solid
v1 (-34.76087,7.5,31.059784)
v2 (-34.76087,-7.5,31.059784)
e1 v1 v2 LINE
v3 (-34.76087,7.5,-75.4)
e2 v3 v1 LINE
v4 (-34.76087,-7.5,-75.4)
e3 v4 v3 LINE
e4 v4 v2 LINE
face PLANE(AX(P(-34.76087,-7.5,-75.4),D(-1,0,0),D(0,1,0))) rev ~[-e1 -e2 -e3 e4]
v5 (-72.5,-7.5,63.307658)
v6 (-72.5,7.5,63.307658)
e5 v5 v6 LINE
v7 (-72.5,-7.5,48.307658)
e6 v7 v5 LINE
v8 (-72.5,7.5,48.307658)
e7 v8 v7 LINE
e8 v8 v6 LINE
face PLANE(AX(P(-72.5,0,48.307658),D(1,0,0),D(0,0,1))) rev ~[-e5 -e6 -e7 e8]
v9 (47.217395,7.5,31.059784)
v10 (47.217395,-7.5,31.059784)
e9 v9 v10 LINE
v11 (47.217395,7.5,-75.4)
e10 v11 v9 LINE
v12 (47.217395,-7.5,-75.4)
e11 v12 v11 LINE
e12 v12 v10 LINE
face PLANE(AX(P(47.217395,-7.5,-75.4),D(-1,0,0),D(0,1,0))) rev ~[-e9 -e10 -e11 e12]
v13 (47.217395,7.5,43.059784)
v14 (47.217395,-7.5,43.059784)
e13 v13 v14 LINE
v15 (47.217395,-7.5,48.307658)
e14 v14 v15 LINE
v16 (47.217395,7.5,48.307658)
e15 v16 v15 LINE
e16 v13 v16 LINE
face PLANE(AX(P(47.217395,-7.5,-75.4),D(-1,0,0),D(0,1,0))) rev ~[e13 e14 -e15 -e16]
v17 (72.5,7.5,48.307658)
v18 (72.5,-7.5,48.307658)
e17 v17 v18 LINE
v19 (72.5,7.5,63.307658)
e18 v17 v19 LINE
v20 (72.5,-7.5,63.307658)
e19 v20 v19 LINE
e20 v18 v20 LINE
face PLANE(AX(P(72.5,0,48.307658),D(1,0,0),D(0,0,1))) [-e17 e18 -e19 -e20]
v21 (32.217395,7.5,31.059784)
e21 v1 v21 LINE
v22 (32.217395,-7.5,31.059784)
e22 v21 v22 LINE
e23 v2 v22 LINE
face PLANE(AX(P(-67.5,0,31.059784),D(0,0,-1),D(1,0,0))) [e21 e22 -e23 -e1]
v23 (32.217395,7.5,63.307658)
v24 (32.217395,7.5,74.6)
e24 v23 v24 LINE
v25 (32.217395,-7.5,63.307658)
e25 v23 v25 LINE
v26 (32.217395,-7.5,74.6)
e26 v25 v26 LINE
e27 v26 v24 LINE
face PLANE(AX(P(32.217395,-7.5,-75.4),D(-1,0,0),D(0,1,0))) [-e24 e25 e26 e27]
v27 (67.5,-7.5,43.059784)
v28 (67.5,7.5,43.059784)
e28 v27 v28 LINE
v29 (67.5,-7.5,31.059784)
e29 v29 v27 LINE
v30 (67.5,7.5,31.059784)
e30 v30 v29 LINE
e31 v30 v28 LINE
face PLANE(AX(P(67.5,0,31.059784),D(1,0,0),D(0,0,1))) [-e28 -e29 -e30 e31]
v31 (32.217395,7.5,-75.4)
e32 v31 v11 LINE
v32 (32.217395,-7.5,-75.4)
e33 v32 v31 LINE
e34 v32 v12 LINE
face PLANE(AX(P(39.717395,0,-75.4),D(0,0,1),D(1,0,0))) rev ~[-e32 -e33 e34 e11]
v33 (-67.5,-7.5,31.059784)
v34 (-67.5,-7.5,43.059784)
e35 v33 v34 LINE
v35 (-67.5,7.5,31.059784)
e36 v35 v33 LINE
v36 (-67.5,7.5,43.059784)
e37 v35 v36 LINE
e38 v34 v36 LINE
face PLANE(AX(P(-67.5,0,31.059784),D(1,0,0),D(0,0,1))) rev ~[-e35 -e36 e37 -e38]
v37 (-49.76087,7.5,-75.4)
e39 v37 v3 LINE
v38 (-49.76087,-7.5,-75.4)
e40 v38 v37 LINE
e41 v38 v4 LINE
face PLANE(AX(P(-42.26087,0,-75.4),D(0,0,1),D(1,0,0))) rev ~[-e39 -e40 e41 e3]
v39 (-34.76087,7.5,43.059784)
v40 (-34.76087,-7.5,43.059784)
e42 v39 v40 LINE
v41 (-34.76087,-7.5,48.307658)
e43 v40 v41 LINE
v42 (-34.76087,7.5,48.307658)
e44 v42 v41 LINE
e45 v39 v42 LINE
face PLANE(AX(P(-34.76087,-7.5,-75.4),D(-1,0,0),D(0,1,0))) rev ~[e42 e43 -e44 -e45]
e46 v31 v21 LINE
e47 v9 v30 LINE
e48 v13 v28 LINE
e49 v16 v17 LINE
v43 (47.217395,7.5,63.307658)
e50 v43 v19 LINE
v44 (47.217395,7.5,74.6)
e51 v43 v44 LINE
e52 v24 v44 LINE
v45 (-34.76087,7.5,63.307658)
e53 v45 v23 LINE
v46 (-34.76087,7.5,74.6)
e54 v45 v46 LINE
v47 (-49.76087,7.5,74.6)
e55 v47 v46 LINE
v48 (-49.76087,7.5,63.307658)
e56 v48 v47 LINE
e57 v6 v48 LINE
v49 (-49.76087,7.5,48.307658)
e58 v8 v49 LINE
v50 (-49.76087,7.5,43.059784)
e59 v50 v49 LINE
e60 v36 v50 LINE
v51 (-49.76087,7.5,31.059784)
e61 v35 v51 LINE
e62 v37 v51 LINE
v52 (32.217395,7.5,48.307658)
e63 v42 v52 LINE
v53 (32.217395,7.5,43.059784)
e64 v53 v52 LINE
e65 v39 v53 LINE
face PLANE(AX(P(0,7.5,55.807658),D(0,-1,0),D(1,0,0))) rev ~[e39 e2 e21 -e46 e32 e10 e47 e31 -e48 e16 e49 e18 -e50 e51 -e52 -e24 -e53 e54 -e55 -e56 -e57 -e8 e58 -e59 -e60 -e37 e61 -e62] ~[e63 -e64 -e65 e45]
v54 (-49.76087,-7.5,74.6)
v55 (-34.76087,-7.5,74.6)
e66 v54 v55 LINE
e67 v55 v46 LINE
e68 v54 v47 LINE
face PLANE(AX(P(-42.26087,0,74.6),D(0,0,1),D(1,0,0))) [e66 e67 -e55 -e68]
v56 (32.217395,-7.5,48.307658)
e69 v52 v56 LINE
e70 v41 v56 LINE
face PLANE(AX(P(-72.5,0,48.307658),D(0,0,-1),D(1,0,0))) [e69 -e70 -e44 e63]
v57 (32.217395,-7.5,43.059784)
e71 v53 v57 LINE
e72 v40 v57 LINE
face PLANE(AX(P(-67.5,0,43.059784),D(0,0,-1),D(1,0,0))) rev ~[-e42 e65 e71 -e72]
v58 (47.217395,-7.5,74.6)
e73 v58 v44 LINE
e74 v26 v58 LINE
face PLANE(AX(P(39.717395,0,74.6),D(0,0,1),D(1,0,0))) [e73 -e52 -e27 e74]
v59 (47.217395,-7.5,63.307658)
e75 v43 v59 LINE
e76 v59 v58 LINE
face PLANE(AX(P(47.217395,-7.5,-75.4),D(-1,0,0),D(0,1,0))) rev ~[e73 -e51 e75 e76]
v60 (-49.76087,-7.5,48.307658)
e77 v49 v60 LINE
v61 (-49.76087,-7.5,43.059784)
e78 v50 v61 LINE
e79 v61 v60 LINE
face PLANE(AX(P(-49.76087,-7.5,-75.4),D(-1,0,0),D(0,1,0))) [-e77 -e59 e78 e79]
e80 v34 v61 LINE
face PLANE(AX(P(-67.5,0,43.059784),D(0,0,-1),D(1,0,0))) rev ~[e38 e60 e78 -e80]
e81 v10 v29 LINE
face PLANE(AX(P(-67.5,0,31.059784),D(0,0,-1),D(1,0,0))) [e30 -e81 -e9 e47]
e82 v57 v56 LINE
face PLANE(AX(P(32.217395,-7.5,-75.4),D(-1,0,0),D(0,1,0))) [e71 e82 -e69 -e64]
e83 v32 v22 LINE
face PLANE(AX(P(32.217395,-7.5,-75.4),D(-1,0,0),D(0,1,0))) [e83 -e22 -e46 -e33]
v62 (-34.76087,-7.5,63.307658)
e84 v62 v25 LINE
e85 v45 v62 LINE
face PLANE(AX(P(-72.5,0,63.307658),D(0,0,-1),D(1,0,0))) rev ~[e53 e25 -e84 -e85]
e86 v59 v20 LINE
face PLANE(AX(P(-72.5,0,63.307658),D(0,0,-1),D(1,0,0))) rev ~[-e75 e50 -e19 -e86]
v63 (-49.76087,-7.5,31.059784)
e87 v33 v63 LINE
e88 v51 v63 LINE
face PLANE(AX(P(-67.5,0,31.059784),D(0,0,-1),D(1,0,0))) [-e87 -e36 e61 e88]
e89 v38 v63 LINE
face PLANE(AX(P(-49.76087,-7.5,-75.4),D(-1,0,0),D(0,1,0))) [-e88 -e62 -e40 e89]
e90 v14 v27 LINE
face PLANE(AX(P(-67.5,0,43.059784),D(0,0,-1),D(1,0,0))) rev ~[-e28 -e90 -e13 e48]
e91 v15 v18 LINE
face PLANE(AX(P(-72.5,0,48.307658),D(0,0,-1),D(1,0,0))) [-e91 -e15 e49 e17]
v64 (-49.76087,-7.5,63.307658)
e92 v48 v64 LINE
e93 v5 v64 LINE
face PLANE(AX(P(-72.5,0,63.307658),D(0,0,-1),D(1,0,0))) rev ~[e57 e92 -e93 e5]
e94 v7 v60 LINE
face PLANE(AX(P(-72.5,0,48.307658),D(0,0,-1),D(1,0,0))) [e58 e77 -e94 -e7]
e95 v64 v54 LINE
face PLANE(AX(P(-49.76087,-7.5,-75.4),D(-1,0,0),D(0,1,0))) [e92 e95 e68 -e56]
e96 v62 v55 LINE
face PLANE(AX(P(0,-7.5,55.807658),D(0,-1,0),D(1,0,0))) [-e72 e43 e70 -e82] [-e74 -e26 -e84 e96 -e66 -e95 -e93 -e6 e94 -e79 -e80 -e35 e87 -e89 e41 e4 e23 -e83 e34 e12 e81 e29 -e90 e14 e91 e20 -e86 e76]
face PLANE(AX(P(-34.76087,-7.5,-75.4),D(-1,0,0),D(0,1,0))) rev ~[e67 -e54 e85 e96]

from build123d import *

# Parameters (mm, degrees)
F0_W     = 15
F0_H     = 15
F1_DEPTH = 150
F3_W     = 135
F3_H     = 12
F4_DEPTH = 7.5
F5_W     = 145
F5_H     = 15
F6_DEPTH = 7.5


with BuildPart() as f1:
    # F0 (on Top) → F1 (new body)
    with BuildSketch(Plane.XY):
        with Locations((-42.26087, 0)):
            Rectangle(F0_W, F0_H)
        with Locations((39.717395, 0)):
            Rectangle(F0_W, F0_H)
    extrude(amount=F1_DEPTH)


with BuildPart() as f1_1:
    # F2: moved
    add(f1.part.moved(Location((0, 0, -75.4))))

    # F3 (on Front) → F4 (join, symmetric)
    with BuildSketch(Plane.XZ):
        with Locations((0, 37.059784)):
            Rectangle(F3_W, F3_H)
    extrude(amount=F4_DEPTH, both=True)

    # F5 (on Front) → F6 (join, symmetric)
    with BuildSketch(Plane.XZ):
        with Locations((0, 55.807658)):
            Rectangle(F5_W, F5_H)
    extrude(amount=F6_DEPTH, both=True)


solid = f1_1.part
